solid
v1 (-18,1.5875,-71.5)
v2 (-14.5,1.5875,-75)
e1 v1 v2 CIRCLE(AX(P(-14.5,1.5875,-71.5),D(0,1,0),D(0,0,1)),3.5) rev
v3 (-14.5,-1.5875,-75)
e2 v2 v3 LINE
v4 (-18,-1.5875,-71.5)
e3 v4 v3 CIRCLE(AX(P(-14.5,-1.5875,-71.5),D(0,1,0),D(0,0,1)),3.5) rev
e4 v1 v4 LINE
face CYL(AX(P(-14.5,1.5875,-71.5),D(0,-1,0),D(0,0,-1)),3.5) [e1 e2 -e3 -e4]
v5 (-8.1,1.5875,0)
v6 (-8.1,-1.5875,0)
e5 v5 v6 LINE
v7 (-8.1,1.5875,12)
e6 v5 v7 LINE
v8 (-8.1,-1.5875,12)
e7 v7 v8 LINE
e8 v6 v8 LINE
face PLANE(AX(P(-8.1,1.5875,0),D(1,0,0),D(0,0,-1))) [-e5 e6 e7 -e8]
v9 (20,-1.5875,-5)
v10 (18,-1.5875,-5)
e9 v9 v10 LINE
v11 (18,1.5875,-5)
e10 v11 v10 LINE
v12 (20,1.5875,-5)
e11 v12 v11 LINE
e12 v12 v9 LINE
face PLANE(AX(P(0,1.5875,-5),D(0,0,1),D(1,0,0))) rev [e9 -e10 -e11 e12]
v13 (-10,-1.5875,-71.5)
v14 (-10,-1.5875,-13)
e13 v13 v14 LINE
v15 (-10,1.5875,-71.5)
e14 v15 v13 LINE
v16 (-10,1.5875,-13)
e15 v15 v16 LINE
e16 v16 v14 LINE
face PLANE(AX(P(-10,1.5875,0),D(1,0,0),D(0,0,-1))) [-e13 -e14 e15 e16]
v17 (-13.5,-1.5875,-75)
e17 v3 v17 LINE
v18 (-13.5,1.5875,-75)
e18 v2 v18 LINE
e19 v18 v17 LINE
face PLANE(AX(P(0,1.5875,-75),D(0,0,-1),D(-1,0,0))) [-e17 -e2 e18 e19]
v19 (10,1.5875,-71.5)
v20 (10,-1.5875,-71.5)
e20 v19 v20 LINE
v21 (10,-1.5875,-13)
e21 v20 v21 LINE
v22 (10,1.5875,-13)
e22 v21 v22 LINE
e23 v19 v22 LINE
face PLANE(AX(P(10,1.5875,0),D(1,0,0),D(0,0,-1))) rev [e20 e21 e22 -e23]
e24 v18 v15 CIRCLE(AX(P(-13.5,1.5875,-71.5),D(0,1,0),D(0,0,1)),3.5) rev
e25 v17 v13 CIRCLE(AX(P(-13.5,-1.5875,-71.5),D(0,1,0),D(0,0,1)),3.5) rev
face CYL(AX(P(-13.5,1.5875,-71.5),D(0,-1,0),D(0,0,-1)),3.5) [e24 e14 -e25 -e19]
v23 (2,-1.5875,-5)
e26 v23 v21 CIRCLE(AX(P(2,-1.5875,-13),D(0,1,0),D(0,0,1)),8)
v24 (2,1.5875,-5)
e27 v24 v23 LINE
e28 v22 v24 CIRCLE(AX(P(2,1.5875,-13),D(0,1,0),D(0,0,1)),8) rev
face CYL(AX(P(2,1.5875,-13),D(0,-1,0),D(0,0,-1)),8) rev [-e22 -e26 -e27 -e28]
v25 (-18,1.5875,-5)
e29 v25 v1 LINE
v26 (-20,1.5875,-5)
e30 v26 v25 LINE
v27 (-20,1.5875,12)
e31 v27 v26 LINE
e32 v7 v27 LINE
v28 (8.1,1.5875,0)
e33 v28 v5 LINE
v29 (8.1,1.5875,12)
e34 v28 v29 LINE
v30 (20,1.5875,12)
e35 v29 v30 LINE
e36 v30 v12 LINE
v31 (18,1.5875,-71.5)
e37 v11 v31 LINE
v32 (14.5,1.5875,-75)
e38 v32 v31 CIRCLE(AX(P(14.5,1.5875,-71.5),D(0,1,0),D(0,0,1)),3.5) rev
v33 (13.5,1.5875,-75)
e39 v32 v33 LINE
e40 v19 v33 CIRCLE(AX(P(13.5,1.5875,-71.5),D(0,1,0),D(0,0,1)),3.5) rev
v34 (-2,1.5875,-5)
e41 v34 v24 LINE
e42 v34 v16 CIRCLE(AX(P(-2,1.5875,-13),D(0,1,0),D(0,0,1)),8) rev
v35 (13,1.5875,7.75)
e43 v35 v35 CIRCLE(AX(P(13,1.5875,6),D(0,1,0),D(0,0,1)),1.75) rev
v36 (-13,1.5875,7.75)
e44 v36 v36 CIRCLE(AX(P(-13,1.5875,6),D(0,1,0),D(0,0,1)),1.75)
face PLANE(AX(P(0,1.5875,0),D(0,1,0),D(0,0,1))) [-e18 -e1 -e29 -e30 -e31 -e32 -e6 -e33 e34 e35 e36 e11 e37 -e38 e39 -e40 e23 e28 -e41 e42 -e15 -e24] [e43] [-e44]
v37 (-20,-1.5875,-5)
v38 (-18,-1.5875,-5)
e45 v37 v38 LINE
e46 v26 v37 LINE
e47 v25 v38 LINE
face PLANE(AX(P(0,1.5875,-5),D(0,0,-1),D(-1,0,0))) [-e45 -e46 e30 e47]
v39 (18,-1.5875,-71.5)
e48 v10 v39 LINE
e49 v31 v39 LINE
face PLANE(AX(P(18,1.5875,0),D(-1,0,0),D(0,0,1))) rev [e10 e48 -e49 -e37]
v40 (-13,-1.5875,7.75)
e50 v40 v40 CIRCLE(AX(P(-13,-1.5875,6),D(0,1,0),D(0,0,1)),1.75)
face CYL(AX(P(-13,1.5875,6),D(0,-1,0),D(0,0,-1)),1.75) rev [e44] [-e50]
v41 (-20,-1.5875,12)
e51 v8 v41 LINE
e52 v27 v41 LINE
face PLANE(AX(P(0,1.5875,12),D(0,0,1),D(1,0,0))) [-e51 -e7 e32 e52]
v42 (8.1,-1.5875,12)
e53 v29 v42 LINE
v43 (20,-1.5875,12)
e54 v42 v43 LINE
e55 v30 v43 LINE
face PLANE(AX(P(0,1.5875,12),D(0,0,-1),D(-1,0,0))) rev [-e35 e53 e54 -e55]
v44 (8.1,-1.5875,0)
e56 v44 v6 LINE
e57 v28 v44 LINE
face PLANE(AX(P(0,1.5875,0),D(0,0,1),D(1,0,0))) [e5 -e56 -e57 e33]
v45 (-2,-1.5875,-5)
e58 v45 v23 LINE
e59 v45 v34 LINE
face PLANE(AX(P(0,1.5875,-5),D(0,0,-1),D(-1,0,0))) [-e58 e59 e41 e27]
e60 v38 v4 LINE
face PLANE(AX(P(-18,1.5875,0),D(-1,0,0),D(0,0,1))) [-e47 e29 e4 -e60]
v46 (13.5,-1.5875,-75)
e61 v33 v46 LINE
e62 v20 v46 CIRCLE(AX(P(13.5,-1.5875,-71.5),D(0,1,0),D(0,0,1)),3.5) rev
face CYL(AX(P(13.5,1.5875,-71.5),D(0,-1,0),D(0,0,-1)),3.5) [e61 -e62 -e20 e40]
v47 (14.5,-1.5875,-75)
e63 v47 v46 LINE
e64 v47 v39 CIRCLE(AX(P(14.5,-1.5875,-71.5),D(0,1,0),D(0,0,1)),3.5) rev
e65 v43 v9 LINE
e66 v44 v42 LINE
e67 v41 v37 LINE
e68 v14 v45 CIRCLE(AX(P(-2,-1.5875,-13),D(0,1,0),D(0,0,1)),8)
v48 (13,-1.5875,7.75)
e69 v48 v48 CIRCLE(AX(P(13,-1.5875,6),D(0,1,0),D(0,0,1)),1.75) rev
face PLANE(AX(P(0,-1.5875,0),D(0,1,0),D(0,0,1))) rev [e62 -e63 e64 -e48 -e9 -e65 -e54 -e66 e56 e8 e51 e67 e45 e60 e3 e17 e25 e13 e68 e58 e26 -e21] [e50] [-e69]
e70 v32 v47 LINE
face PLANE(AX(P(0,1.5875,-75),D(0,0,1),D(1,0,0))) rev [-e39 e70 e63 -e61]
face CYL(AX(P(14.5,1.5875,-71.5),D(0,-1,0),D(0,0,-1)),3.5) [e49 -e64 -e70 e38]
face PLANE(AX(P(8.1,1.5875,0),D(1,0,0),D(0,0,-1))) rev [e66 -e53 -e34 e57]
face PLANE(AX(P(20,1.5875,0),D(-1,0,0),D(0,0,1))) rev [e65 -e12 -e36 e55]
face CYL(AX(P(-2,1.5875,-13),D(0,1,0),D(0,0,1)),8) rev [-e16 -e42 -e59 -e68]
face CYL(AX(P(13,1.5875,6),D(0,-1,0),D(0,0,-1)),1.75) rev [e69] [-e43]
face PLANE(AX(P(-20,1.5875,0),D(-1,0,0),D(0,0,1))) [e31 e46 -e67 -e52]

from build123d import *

# Parameters (mm, degrees)
CROQUIS1_R              = 1.75
SALIENTE_EXTRUIR1_DEPTH = 1.5875
REDONDEO1_R             = 8


with BuildPart() as part:
    # Croquis1 → Saliente-Extruir1 (new, symmetric)
    with BuildSketch(Plane(origin=(0, 0, 0), x_dir=(1, 0, 0), z_dir=(0, 1, 0))):
        with BuildLine():
            Line((8.1, 0), (-8.1, 0))
            Line((-8.1, 0), (-8.1, -12))
            Line((-8.1, -12), (-20, -12))
            Line((-20, -12), (-20, 5))
            Line((-20, 5), (-18, 5))
            Line((-18, 5), (-18, 71.5))
            ThreePointArc((-18, 71.5), (-16.974873734, 73.974873734), (-14.5, 75))
            Line((-14.5, 75), (-13.5, 75))
            ThreePointArc((-13.5, 75), (-11.025126266, 73.974873734), (-10, 71.5))
            Line((-10, 71.5), (-10, 5))
            Line((-10, 5), (10, 5))
            Line((10, 5), (10, 71.5))
            ThreePointArc((10, 71.5), (11.025126266, 73.974873734), (13.5, 75))
            Line((13.5, 75), (14.5, 75))
            ThreePointArc((14.5, 75), (16.974873734, 73.974873734), (18, 71.5))
            Line((18, 71.5), (18, 5))
            Line((18, 5), (20, 5))
            Line((20, 5), (20, -12))
            Line((20, -12), (8.1, -12))
            Line((8.1, -12), (8.1, 0))
        make_face()
        with Locations(Location((-13, -6, 0), (0, 0, 270))):
            Circle(CROQUIS1_R, mode=Mode.SUBTRACT)
        with Locations(Location((13, -6, 0), (0, 0, 270))):
            Circle(CROQUIS1_R, mode=Mode.SUBTRACT)
    extrude(amount=SALIENTE_EXTRUIR1_DEPTH, both=True)

    # Redondeo1
    redondeo1_edges = [part.edges().sort_by_distance(p)[0] for p in [
        (-10, 0, -5),
        (10, 0, -5),
    ]]
    fillet(redondeo1_edges, radius=REDONDEO1_R)


solid = part.part
